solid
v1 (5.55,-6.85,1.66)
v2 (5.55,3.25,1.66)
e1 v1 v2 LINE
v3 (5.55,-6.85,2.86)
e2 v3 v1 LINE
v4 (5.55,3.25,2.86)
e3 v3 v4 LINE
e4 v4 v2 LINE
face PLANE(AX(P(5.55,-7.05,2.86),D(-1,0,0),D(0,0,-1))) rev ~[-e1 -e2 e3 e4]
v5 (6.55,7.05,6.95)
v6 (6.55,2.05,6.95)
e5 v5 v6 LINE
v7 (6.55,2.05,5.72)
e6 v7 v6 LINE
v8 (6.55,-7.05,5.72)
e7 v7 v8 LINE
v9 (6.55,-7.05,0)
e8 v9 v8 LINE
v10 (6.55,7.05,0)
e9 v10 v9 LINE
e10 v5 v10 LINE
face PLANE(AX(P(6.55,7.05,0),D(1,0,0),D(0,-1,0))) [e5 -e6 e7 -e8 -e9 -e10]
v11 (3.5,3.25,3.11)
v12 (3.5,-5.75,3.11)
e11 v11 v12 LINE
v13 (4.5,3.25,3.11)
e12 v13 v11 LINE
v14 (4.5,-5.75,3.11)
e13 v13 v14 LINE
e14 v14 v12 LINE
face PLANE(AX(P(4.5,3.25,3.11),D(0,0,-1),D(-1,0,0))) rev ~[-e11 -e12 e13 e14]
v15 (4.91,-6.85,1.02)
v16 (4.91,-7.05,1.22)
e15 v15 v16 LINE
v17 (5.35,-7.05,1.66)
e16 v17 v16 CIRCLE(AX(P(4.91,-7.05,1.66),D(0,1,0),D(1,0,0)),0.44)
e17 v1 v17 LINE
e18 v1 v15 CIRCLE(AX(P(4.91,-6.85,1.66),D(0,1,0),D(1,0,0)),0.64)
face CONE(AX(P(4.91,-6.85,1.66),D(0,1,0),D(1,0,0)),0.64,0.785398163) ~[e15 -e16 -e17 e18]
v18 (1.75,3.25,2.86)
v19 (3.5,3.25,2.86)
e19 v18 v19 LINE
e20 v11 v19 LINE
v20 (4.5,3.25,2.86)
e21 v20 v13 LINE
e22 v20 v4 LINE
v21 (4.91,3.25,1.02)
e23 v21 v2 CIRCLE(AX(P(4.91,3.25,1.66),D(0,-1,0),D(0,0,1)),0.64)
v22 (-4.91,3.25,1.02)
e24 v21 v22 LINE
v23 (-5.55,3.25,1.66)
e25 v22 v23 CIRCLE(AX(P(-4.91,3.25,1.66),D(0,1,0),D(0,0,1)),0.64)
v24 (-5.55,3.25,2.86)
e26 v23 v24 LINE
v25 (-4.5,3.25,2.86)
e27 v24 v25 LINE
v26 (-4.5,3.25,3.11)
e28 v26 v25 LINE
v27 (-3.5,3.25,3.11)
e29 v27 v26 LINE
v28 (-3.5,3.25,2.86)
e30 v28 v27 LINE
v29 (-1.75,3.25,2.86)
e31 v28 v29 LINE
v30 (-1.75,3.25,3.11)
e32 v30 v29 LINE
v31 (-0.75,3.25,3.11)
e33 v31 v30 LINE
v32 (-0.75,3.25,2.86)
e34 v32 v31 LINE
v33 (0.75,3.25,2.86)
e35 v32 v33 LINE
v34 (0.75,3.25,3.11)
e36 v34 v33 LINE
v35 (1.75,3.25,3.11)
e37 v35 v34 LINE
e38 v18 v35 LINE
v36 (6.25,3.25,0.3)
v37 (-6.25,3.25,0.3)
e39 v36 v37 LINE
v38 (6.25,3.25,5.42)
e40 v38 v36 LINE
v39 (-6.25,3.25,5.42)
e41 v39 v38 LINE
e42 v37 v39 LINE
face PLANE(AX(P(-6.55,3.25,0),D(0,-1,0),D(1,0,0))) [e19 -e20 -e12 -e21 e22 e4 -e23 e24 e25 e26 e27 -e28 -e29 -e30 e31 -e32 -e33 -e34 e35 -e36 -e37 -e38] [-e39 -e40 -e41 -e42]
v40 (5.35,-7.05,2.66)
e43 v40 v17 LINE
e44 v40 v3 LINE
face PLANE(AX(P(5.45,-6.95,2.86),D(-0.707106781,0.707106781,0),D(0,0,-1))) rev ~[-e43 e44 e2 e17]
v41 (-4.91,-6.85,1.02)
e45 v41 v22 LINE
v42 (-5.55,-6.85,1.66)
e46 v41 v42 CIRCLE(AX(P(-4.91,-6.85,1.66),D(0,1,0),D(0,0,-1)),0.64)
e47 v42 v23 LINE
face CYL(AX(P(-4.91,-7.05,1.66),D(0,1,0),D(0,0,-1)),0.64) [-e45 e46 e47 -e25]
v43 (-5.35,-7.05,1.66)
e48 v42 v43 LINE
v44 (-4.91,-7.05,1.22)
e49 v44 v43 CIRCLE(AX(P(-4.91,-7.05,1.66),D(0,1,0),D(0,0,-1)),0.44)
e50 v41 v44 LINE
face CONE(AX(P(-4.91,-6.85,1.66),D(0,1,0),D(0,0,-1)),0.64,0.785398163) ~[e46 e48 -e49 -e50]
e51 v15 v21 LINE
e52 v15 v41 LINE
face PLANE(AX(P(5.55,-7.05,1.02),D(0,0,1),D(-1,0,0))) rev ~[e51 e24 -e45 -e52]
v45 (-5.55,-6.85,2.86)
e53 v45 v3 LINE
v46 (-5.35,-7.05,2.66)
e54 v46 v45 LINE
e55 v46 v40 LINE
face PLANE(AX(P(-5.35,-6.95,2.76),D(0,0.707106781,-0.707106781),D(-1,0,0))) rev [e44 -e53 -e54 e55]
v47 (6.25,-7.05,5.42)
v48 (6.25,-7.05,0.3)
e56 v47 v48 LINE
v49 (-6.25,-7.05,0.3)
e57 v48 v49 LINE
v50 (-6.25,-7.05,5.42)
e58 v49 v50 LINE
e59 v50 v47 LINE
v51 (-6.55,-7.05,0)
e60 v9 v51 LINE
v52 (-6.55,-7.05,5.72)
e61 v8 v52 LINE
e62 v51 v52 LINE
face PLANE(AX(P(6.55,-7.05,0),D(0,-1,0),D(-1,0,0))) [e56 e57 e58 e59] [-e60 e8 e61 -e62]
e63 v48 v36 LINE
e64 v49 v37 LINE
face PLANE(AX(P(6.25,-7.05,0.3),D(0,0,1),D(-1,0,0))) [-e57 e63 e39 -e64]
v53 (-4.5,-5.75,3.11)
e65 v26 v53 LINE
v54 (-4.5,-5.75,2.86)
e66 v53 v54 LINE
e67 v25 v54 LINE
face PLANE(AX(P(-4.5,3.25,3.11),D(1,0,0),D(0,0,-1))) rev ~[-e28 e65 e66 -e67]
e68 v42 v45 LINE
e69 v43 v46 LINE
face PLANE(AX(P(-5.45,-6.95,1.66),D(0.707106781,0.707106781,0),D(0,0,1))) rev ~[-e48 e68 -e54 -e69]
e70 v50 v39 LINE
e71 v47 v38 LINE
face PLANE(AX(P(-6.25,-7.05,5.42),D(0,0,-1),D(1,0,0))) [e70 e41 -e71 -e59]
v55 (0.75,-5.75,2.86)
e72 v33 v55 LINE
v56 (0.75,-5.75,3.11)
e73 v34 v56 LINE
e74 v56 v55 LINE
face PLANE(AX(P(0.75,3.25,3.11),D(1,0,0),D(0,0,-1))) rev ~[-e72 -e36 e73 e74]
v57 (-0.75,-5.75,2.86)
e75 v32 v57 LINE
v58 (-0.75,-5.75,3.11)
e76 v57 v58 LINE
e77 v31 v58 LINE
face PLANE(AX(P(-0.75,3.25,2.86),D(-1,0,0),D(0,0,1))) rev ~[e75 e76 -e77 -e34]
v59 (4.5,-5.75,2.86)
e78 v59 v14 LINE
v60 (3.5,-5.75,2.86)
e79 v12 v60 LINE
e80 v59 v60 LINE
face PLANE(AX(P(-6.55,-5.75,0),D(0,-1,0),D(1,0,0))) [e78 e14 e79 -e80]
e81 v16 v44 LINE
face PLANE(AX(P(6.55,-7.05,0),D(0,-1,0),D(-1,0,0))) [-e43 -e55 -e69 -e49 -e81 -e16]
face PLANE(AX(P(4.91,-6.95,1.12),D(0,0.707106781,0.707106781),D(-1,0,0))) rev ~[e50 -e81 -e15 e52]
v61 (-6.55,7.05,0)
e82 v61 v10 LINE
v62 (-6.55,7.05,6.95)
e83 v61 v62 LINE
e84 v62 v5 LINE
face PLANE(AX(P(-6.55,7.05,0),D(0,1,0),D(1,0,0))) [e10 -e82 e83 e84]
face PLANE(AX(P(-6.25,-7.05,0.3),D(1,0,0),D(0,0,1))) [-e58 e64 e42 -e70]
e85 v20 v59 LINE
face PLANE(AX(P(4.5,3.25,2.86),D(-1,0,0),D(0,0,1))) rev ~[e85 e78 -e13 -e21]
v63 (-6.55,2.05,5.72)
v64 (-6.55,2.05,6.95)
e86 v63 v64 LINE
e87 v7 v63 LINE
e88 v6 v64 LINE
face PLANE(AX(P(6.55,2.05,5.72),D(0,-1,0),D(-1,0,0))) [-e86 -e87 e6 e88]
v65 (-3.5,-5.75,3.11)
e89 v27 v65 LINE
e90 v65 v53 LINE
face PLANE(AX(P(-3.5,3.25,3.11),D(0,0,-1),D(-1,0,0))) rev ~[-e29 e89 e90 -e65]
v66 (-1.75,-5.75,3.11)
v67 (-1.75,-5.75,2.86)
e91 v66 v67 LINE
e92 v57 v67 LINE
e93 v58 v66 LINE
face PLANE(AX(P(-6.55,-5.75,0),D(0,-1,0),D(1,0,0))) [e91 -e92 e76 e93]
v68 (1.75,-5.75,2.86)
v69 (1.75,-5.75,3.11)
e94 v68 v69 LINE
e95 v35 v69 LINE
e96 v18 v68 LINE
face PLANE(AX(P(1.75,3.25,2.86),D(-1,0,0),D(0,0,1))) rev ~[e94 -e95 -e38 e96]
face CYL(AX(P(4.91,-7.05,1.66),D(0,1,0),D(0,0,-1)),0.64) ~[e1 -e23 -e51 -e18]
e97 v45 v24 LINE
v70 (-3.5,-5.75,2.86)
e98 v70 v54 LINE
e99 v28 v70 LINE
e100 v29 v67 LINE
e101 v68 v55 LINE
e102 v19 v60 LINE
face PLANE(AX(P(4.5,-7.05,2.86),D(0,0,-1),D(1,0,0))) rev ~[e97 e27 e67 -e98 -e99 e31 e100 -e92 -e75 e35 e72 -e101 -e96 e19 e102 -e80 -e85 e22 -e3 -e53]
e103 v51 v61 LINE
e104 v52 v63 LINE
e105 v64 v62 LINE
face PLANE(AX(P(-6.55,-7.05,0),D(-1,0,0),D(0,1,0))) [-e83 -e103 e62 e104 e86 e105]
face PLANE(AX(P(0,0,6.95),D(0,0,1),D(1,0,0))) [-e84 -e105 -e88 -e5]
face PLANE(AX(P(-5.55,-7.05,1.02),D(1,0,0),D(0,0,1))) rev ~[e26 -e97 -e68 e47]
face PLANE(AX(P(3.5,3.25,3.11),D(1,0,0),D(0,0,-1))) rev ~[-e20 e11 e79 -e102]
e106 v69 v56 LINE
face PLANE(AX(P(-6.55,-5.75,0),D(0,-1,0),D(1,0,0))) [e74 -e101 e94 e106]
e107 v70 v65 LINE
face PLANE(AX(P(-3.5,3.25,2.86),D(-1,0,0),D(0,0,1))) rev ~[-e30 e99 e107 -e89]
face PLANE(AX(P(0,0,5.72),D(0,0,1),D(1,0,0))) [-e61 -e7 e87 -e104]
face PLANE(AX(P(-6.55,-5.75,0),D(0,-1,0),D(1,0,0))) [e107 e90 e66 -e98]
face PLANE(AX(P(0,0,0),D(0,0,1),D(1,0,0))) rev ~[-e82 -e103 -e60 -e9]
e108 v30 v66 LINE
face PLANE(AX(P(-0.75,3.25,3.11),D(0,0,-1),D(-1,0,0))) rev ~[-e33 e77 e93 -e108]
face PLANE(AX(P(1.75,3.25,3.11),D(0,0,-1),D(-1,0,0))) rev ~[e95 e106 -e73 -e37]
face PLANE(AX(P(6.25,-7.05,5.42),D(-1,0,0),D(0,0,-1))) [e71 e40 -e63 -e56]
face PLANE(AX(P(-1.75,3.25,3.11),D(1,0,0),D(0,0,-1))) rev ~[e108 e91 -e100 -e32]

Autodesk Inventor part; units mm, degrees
ref_plane "YZ Plane" through (0, 0, 0) normal (1, 0, 0) x (0, 1, 0)
ref_plane "XZ Plane" through (0, 0, 0) normal (0, 1, 0) x (-1, 0, 0)
ref_plane "XY Plane" through (0, 0, 0) normal (0, 0, 1) x (1, 0, 0)
sketch "Sketch1" plane through (0, 0, 0) normal (0, 0, 1) x (1, 0, 0)
  line L0 (-6.55, 7.05) -> (6.55, 7.05)
  line L1 (6.55, 7.05) -> (6.55, -7.05)
  line L2 (6.55, -7.05) -> (-6.55, -7.05)
  line L3 (-6.55, -7.05) -> (-6.55, 7.05)
  point P0 (0, 0)
  point P1 (-6.55, 0)
  point P2 (0, 7.05)
  dimension "d0" = 13.1
  dimension "d1" = 14.1
extrude "Extrusion1" add sketch "Sketch1" along normal blind 5.72
sketch "Sketch2" plane through (0, 0, 5.72) normal (0, 0, 1) x (1, 0, 0)
  line L0 (6.55, 7.05) -> (6.55, -7.05) projected
  line L1 (-6.55, 7.05) -> (6.55, 7.05)
  line L2 (6.55, 7.05) -> (6.55, 2.05)
  line L3 (6.55, 2.05) -> (-6.55, 2.05)
  line L4 (-6.55, 2.05) -> (-6.55, 7.05)
  point P0 (0, 0)
  dimension "d4" = 5
extrude "Extrusion2" add sketch "Sketch2" along normal blind 1.23
sketch "Sketch3" plane through (-6.55, -7.05, 0) normal (0, -1, 0) x (1, 0, 0)
  line L0 (13.1, 5.72) -> (0, 5.72) projected
  line L1 (0, 0) -> (0, 5.72) projected
  line L2 (13.1, 0) -> (0, 0) projected
  line L3 (13.1, 0) -> (13.1, 5.72) projected
  line L4 (0.3, 5.42) -> (12.8, 5.42)
  line L5 (12.8, 5.42) -> (12.8, 0.3)
  line L6 (12.8, 0.3) -> (0.3, 0.3)
  line L7 (0.3, 0.3) -> (0.3, 5.42)
  line L8 (1, 2.86) -> (12.1, 2.86)
  line L9 (12.1, 2.86) -> (12.1, 1.02)
  line L10 (12.1, 1.02) -> (1, 1.02)
  line L11 (1, 1.02) -> (1, 2.86)
  line L12 (2.05, 2.86) -> (3.05, 2.86)
  line L13 (4.8, 2.86) -> (5.8, 2.86)
  line L14 (7.3, 2.86) -> (8.3, 2.86)
  line L15 (10.05, 2.86) -> (11.05, 2.86)
  point P0 (6.55, 0)
  dimension "d7" = 0.3
  dimension "d9" = 5.72
  dimension "d10" = 5.12
  dimension "d11" = 0.7
  dimension "d13" = 1.84
  dimension "d14" = 0.7
  dimension "d17" = 2.56
extrude "Extrusion3" cut sketch "Sketch3" against normal blind 10.3 contours L4 L5 L6 L7
fillet "Fillet3" radius 0.64 1 edges at (5.55, -1.9, 1.02)
fillet "Fillet4" radius 0.64 1 edges at (-5.55, -1.9, 1.02)
chamfer "Chamfer1" distance 0.2 angle 45 5 edges at (5.55, -7.05, 2.26) (5.3625, -7.05, 1.2075) (0, -7.05, 1.02) (-5.3625, -7.05, 1.2075) (-5.55, -7.05, 2.26)
chamfer "Chamfer7" distance 0.2 angle 45 1 edges at (0, -7.05, 2.86)
sketch "Sketch4" plane through (-6.55, 3.25, 0) normal (0, -1, 0) x (1, 0, 0)
  line L0 (12.1, 2.86) -> (1, 2.86) projected
  line L1 (12.1, 1.66) -> (12.1, 2.86) projected
  line L2 (2.05, 2.86) -> (3.05, 2.86)
  line L3 (3.05, 2.86) -> (3.05, 3.11)
  line L4 (3.05, 3.11) -> (2.05, 3.11)
  line L5 (2.05, 3.11) -> (2.05, 2.86)
  line L6 (4.8, 2.86) -> (5.8, 2.86)
  line L7 (5.8, 2.86) -> (5.8, 3.11)
  line L8 (5.8, 3.11) -> (4.8, 3.11)
  line L9 (4.8, 3.11) -> (4.8, 2.86)
  line L10 (7.3, 2.86) -> (8.3, 2.86)
  line L11 (8.3, 2.86) -> (8.3, 3.11)
  line L12 (8.3, 3.11) -> (7.3, 3.11)
  line L13 (7.3, 3.11) -> (7.3, 2.86)
  line L14 (10.05, 2.86) -> (11.05, 2.86)
  line L15 (11.05, 2.86) -> (11.05, 3.11)
  line L16 (11.05, 3.11) -> (10.05, 3.11)
  line L17 (10.05, 3.11) -> (10.05, 2.86)
  point P0 (6.55, 0)
  dimension "d57" = 1
  dimension "d58" = 1
  dimension "d59" = 1
  dimension "d60" = 1
  dimension "d61" = 0.25
  dimension "d62" = 0.25
  dimension "d63" = 0.25
  dimension "d64" = 0.25
  dimension "d65" = 1.5
  dimension "d66" = 1.75
  dimension "d67" = 1.75
  dimension "d68" = 1.05
extrude "Extrusion5" add sketch "Sketch4" along normal blind 9
properties part number "usb host con"
